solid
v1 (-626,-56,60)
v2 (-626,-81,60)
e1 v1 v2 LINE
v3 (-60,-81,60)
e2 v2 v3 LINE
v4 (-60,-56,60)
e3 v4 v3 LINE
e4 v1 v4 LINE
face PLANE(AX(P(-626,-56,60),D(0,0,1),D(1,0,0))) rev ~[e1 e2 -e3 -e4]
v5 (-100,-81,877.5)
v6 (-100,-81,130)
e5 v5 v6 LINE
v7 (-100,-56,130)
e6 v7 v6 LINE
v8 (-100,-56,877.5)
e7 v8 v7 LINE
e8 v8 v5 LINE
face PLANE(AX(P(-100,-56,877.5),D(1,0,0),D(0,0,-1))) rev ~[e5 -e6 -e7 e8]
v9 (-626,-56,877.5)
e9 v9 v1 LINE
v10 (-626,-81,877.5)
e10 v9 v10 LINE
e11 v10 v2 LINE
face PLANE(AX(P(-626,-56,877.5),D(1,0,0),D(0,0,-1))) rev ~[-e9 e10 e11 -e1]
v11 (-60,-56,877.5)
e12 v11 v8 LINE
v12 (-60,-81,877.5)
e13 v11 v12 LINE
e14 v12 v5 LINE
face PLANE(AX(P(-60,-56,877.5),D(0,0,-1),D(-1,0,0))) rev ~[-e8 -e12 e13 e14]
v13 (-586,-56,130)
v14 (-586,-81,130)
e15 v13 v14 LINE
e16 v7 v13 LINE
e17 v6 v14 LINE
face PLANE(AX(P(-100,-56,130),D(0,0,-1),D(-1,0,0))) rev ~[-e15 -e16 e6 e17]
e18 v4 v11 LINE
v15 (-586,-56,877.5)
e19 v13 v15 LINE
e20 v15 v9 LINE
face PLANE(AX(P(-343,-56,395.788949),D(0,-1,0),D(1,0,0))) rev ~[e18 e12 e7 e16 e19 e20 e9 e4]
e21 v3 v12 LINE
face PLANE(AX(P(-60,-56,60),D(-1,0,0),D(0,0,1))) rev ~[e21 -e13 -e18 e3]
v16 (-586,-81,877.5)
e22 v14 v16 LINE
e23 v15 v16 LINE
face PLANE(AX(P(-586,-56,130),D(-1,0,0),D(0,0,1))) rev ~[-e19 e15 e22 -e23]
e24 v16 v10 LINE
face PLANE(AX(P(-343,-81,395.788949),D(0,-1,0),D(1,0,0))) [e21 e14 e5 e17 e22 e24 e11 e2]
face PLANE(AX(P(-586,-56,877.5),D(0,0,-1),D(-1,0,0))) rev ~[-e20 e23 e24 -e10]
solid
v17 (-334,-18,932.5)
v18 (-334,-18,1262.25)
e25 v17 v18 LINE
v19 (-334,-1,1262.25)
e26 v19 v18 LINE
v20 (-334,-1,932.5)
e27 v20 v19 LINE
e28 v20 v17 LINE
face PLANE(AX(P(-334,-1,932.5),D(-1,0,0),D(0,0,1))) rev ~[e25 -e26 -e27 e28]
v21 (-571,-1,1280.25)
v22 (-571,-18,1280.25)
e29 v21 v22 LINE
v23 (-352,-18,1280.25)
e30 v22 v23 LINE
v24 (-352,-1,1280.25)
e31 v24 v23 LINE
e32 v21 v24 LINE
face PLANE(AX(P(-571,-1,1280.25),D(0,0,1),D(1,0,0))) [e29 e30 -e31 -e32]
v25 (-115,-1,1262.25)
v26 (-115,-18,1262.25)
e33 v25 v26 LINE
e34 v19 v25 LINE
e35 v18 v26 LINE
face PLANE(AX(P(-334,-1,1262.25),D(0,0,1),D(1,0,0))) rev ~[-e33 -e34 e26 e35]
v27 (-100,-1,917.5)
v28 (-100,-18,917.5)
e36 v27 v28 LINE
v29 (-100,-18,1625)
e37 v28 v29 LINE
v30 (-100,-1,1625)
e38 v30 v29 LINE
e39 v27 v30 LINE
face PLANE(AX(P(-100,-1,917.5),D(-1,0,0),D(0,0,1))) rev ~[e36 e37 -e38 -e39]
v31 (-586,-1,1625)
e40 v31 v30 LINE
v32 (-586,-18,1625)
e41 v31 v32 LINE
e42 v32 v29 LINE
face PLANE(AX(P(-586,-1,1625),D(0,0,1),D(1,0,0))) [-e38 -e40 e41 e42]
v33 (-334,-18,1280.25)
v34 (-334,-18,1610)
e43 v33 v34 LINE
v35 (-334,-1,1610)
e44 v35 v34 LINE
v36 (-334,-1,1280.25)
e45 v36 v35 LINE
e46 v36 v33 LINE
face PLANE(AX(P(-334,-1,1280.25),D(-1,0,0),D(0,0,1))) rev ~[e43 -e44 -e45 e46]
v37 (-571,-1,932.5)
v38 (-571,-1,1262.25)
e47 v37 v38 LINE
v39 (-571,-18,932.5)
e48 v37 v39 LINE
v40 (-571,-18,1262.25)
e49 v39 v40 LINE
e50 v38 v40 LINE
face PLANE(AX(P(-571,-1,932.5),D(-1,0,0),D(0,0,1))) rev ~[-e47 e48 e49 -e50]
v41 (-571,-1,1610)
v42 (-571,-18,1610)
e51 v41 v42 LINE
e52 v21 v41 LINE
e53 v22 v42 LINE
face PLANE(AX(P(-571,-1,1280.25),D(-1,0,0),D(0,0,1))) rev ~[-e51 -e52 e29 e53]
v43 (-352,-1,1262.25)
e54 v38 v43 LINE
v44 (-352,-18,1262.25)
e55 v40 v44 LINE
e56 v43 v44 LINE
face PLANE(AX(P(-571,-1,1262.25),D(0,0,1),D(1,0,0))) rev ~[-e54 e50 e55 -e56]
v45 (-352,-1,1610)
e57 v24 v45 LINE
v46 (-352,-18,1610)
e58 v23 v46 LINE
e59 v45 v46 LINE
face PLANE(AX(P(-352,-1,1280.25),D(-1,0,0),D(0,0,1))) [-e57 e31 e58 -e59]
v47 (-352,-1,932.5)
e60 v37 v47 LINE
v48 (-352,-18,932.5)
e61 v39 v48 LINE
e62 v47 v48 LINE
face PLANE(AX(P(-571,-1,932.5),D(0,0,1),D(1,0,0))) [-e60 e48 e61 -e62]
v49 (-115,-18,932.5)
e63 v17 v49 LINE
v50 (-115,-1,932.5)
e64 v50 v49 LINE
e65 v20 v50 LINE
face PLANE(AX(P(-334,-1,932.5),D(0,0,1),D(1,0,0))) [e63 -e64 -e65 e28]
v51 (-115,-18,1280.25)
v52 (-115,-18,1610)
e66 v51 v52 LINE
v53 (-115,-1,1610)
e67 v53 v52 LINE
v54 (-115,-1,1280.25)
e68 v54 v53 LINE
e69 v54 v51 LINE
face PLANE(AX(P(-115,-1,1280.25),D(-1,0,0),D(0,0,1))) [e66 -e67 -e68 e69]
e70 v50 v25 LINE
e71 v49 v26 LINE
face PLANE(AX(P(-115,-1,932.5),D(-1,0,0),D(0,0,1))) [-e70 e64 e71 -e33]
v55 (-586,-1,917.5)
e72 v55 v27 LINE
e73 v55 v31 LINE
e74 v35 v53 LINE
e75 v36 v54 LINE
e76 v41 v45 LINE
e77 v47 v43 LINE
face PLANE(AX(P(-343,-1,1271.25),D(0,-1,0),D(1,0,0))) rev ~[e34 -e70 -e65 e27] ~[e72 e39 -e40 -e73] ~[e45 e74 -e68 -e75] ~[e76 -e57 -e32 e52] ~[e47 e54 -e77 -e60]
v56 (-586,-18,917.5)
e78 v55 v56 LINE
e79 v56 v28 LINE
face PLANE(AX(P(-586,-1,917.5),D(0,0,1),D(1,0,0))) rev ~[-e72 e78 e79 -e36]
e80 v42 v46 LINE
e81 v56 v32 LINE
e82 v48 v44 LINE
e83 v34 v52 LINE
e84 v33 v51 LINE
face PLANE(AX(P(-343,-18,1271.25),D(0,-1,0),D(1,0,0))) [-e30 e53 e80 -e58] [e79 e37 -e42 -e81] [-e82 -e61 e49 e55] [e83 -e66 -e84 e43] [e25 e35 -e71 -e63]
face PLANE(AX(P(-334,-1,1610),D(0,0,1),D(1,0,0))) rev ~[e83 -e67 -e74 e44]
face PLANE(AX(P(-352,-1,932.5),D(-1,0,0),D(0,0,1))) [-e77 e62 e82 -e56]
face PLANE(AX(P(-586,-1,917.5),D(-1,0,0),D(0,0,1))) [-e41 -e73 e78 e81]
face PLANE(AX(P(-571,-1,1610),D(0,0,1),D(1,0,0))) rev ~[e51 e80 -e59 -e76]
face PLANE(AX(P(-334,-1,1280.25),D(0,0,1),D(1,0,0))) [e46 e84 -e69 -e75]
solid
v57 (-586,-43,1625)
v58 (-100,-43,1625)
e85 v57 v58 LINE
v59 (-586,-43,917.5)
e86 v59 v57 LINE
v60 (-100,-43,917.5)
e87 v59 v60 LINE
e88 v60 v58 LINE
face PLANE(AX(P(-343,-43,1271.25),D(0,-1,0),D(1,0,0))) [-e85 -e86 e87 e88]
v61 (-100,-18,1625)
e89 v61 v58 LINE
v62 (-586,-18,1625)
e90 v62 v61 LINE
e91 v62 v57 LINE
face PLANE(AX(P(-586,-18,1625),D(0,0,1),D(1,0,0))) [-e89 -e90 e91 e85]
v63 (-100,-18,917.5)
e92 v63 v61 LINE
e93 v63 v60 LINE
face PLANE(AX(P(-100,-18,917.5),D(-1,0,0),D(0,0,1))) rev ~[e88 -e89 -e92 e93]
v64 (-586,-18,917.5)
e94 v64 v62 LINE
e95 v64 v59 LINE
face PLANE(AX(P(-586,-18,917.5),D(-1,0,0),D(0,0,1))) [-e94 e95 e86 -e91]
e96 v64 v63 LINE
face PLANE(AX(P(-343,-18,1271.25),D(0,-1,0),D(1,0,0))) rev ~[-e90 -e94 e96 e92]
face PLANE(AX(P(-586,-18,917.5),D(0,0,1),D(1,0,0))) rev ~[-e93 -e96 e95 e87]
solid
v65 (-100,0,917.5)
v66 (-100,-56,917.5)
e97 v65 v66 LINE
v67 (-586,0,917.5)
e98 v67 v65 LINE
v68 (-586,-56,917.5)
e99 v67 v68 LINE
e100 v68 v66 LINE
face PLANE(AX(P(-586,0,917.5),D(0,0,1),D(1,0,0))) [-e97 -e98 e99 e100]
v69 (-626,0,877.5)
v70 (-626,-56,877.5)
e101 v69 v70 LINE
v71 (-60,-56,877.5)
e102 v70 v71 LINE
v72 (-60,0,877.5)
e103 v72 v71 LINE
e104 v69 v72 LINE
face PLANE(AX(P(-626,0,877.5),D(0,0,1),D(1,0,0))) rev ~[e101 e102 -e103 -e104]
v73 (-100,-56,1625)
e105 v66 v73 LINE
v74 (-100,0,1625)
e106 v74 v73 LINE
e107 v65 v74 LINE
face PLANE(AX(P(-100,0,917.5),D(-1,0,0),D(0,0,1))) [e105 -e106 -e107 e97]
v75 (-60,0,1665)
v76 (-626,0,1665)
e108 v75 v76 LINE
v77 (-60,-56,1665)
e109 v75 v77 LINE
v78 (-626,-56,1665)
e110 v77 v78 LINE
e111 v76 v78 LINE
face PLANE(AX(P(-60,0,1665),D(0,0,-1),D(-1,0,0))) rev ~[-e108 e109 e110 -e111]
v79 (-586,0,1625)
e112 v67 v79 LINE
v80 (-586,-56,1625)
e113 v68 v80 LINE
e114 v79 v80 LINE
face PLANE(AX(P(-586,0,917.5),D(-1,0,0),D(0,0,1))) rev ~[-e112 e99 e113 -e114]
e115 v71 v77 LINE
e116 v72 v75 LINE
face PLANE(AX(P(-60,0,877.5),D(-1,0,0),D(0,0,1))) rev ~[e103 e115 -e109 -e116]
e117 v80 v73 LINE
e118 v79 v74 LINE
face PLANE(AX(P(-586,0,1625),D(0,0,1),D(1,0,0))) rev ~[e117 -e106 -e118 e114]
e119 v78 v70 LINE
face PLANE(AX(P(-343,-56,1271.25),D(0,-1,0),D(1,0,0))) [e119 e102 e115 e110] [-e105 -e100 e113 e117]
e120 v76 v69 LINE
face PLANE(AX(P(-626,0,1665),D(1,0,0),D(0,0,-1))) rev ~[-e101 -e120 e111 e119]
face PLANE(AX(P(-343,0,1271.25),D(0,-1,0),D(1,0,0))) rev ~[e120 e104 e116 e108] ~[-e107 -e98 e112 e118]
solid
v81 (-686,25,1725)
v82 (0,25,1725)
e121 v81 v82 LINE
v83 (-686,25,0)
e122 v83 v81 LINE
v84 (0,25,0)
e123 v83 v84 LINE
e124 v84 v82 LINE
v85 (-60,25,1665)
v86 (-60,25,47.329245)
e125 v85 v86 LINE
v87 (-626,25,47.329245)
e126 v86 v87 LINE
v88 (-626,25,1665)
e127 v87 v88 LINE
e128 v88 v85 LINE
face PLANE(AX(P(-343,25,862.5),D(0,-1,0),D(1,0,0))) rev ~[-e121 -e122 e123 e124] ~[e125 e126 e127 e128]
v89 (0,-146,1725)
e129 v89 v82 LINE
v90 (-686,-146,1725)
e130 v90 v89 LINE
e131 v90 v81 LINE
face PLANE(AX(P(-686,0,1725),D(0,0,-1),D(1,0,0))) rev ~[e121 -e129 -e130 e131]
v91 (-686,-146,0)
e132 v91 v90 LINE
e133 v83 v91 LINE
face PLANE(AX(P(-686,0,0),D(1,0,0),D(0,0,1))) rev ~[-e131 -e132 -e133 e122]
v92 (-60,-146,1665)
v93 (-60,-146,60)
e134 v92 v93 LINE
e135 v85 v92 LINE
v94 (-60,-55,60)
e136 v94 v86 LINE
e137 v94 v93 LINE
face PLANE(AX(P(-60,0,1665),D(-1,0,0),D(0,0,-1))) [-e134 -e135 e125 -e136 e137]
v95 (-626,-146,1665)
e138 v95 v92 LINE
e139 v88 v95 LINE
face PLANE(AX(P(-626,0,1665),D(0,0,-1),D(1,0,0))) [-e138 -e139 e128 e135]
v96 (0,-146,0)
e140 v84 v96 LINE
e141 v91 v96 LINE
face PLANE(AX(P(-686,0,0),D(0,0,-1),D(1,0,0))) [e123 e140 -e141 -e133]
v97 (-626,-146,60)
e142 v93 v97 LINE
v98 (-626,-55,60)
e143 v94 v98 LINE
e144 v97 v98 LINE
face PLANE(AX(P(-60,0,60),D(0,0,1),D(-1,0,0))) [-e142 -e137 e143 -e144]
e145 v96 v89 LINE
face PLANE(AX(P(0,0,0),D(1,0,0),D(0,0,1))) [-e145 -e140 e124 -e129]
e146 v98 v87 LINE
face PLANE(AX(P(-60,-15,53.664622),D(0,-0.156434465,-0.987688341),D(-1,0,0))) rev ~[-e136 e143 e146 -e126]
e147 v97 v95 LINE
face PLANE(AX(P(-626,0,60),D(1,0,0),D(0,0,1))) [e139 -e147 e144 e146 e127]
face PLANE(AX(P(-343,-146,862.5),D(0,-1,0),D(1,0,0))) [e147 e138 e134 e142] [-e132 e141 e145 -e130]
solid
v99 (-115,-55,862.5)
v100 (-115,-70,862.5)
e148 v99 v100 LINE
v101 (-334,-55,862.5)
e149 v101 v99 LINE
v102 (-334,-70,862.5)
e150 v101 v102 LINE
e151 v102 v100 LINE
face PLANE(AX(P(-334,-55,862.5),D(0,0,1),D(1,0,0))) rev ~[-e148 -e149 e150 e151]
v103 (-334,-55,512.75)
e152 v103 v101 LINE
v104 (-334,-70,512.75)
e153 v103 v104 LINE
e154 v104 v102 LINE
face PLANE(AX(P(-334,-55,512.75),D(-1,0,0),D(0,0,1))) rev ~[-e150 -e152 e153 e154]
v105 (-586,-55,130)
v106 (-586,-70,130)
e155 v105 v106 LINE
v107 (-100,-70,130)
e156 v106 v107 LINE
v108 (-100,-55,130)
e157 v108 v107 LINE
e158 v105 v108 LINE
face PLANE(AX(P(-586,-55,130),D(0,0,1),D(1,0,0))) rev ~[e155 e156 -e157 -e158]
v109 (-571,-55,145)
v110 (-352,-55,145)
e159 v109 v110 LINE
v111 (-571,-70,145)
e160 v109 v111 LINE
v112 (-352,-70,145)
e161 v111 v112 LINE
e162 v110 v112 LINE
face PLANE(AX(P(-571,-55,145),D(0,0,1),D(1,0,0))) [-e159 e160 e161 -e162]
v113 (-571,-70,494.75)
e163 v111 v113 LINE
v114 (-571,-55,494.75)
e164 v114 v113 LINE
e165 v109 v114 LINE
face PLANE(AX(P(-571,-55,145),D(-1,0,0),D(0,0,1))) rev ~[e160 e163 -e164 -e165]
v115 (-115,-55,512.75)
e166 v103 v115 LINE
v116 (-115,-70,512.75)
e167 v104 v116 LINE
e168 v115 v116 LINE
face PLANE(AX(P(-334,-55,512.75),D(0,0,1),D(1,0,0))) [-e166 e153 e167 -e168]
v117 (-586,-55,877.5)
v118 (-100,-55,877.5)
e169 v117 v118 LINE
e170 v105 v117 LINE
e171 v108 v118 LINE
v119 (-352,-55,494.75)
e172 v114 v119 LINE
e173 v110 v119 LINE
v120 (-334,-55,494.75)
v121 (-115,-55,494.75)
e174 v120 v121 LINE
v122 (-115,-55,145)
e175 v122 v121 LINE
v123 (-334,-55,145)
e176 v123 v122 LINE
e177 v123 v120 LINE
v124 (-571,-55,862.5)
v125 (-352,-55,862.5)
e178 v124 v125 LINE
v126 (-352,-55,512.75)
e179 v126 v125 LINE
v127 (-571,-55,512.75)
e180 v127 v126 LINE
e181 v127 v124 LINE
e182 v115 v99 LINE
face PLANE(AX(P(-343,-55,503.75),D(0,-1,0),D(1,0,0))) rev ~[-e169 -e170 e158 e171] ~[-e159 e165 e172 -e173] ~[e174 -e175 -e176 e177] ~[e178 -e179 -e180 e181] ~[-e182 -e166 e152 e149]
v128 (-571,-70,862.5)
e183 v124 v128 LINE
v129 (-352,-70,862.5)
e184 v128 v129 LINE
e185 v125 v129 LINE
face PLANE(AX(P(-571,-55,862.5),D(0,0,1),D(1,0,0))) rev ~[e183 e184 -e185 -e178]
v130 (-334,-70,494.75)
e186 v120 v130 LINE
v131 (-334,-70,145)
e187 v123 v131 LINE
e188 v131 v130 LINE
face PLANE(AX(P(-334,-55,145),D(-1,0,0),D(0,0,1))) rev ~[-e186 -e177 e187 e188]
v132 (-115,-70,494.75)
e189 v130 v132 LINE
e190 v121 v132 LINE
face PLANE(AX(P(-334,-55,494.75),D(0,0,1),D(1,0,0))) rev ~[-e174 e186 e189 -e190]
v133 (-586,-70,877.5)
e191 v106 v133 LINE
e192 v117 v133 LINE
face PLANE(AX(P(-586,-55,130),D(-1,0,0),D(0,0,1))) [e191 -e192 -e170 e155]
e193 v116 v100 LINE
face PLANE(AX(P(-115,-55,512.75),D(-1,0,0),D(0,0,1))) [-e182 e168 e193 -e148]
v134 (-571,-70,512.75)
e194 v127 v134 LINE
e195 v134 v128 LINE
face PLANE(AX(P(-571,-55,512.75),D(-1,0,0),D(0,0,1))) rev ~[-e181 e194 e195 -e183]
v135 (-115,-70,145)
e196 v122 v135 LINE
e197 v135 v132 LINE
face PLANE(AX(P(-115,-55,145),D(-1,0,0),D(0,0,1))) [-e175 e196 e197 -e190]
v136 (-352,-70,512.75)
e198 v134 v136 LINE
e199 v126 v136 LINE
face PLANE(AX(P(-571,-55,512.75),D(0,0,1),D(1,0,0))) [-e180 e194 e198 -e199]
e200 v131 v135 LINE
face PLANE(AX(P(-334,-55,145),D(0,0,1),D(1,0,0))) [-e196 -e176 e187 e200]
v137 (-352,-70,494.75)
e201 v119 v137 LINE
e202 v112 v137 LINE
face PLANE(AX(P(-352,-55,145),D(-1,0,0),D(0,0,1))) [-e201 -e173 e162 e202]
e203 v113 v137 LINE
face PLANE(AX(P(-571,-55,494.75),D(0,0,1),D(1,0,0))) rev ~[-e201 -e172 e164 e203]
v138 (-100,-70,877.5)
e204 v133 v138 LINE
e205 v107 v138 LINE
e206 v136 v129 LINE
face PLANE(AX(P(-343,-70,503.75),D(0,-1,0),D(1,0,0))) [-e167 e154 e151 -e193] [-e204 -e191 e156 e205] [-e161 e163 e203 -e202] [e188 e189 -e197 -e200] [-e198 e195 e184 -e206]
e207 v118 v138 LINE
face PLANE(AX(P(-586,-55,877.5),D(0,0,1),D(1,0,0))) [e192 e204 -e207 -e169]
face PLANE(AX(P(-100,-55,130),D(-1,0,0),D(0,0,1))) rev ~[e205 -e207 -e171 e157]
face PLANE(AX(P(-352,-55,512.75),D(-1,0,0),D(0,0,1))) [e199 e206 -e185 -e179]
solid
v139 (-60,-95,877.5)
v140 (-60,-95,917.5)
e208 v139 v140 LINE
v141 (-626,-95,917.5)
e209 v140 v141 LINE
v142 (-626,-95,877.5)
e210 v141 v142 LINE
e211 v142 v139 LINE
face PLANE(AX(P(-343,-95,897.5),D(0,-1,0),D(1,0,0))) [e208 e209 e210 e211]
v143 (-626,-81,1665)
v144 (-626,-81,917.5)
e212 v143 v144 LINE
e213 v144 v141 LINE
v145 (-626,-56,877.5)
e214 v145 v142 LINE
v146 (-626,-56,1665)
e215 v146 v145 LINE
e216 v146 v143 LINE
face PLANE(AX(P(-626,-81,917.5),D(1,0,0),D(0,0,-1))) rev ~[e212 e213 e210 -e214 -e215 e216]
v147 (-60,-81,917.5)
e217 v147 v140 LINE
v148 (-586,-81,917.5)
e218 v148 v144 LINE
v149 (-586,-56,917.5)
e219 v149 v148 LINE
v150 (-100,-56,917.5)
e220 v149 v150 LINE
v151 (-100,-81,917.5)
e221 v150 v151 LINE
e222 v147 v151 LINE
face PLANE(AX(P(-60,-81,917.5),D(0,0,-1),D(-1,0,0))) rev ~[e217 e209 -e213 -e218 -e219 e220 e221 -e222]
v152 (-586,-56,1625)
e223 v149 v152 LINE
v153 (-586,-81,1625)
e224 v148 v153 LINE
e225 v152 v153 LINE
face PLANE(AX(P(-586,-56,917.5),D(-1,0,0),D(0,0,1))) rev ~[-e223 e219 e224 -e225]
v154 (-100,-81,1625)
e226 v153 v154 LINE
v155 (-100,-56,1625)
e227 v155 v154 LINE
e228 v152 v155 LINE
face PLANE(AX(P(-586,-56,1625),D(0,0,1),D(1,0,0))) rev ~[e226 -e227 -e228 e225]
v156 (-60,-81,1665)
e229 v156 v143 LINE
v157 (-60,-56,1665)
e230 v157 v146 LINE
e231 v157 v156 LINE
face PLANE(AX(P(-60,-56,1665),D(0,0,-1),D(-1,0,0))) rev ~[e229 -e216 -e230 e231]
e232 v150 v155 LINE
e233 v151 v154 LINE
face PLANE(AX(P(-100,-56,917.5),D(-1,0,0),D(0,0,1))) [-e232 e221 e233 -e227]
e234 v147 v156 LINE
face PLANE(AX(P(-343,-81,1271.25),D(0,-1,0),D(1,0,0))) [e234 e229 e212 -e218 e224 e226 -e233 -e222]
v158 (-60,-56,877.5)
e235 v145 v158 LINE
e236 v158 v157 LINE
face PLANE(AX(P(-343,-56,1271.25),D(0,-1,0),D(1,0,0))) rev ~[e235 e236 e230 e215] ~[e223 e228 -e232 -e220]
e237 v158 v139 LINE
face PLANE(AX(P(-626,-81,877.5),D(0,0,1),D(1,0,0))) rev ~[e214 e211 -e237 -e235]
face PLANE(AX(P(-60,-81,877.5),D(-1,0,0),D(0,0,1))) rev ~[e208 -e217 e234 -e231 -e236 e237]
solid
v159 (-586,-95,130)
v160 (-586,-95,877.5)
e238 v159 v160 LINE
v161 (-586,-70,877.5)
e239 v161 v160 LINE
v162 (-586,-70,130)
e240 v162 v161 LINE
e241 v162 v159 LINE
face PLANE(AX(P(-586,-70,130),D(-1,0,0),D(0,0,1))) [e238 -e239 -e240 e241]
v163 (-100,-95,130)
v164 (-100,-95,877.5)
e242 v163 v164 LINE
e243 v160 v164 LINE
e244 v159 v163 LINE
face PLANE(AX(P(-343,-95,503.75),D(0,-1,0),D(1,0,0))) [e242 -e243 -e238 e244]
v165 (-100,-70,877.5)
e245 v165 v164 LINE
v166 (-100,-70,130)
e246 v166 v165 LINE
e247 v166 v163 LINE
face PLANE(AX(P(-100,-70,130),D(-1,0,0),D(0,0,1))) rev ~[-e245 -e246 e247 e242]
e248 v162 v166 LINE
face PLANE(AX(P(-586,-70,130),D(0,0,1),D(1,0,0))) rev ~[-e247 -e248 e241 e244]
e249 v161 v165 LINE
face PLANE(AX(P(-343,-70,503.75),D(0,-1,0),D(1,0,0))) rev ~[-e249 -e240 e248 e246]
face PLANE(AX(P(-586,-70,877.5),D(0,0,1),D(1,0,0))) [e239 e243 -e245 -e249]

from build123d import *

# Parameters (mm, degrees)
F0_W          = 686
F0_H          = 1725
F1_DEPTH      = 146
F1_DEPTH_BACK = 25
F0_W_2        = 486
F0_H_2        = 707.5
F2_DEPTH      = 56
F3_START      = 56
F3_DEPTH      = 25
F4_START      = 1
F0_W_3        = 219
F0_H_3        = 329.75
F4_DEPTH      = 17
F6_START      = 55
F5_W          = 486
F5_H          = 747.5
F5_W_2        = 219
F5_H_2        = 349.75
F6_DEPTH      = 15
F7_SIZE2      = 12.670755226
F7_SIZE       = 80
F8_W          = 486
F8_H          = 747.5
F8_W_2        = 219
F8_H_2        = 349.75
F9_DEPTH      = 25
F10_DEPTH     = 25
F12_DEPTH     = 14
F13_W         = 486
F13_H         = 707.5
F13_W_2       = 219
F13_H_2       = 329.75
F14_DEPTH     = 25


with BuildPart() as f1:
    # F0 (on Front) → F1 (new body, two sides)
    with BuildSketch(Plane.XZ) as f1_sk:
        with Locations((-343, 862.5)):
            Rectangle(F0_W, F0_H)
        Polygon((-626, 1665), (-60, 1665), (-60, 877.5), (-60, 60), (-626, 60), (-626, 877.5), align=None, mode=Mode.SUBTRACT)
    extrude(amount=F1_DEPTH)
    extrude(f1_sk.sketch, amount=-F1_DEPTH_BACK)

    # F7
    f7_edges = [f1.edges().sort_by_distance(p)[0] for p in [
        (-343, 25, 60),
    ]]
    f7_side = f1.faces().sort_by_distance((-343, -60.5, 60))[0]
    chamfer(f7_edges, length=F7_SIZE, length2=F7_SIZE2, reference=f7_side)


with BuildPart() as f2:
    # F0 (on Front) → F2 (new body)
    with BuildSketch(Plane.XZ):
        Polygon((-60, 877.5), (-60, 1665), (-626, 1665), (-626, 877.5), (-586, 877.5), (-100, 877.5), align=None)
        with Locations((-343, 1271.25)):
            Rectangle(F0_W_2, F0_H_2, mode=Mode.SUBTRACT)
    extrude(amount=F2_DEPTH)


with BuildPart() as f3:
    # F0 (on Front) → F3 (new body)
    with BuildSketch(Plane.XZ.offset(F3_START)):
        Polygon((-60, 60), (-60, 877.5), (-100, 877.5), (-100, 130), (-586, 130), (-586, 877.5), (-626, 877.5), (-626, 60), align=None)
    extrude(amount=F3_DEPTH)


with BuildPart() as f4:
    # F0 (on Front) → F4 (new body)
    with BuildSketch(Plane.XZ.offset(F4_START)):
        with Locations((-343, 1271.25)):
            Rectangle(F0_W_2, F0_H_2)
        with Locations((-461.5, 1097.375)):
            Rectangle(F0_W_3, F0_H_3, mode=Mode.SUBTRACT)
        with Locations((-461.5, 1445.125)):
            Rectangle(F0_W_3, F0_H_3, mode=Mode.SUBTRACT)
        with Locations((-224.5, 1097.375)):
            Rectangle(F0_W_3, F0_H_3, mode=Mode.SUBTRACT)
        with Locations((-224.5, 1445.125)):
            Rectangle(F0_W_3, F0_H_3, mode=Mode.SUBTRACT)
    extrude(amount=F4_DEPTH)


with BuildPart() as f6:
    # F5 (on face) → F6 (new body)
    with BuildSketch(Plane.XZ.offset(F6_START)):
        with Locations((-343, 503.75)):
            Rectangle(F5_W, F5_H)
        with Locations((-461.5, 319.875)):
            Rectangle(F5_W_2, F5_H_2, mode=Mode.SUBTRACT)
        with Locations((-224.5, 319.875)):
            Rectangle(F5_W_2, F5_H_2, mode=Mode.SUBTRACT)
        with Locations((-461.5, 687.625)):
            Rectangle(F5_W_2, F5_H_2, mode=Mode.SUBTRACT)
        with Locations((-224.5, 687.625)):
            Rectangle(F5_W_2, F5_H_2, mode=Mode.SUBTRACT)
    extrude(amount=F6_DEPTH)


with BuildPart() as f9:
    # F8 (on face) → F9 (new body)
    with BuildSketch(Plane.XZ.offset(70)):
        with Locations((-343, 503.75)):
            Rectangle(F8_W, F8_H)
        with Locations((-461.5, 319.875)):
            Rectangle(F8_W_2, F8_H_2, mode=Mode.SUBTRACT)
        with Locations((-224.5, 319.875)):
            Rectangle(F8_W_2, F8_H_2, mode=Mode.SUBTRACT)
        with Locations((-461.5, 687.625)):
            Rectangle(F8_W_2, F8_H_2, mode=Mode.SUBTRACT)
        with Locations((-224.5, 687.625)):
            Rectangle(F8_W_2, F8_H_2, mode=Mode.SUBTRACT)
        with Locations((-461.5, 687.625)):
            Rectangle(F8_W_2, F8_H_2)
        with Locations((-224.5, 687.625)):
            Rectangle(F8_W_2, F8_H_2)
        with Locations((-461.5, 319.875)):
            Rectangle(F8_W_2, F8_H_2)
        with Locations((-224.5, 319.875)):
            Rectangle(F8_W_2, F8_H_2)
    extrude(amount=F9_DEPTH)


with BuildPart() as f10:
    # F10 (new): a face of the model
    f10_faces = [f2.part.faces().sort_by_distance(p)[0] for p in [
        (-69.6980010827, -56, 1271.25),
    ]]
    extrude(f10_faces, amount=F10_DEPTH)

    # F11 (on face) → F12 (join, through all)
    with BuildSketch(Plane.XZ.offset(81)):
        Polygon((-100, 917.5), (-586, 917.5), (-626, 917.5), (-626, 877.5), (-60, 877.5), (-60, 917.5), align=None)
    extrude(amount=F12_DEPTH)


with BuildPart() as f14:
    # F13 (on face) → F14 (new body)
    with BuildSketch(Plane.XZ.offset(18)):
        with Locations((-343, 1271.25)):
            Rectangle(F13_W, F13_H)
        with Locations((-461.5, 1097.375)):
            Rectangle(F13_W_2, F13_H_2, mode=Mode.SUBTRACT)
        with Locations((-224.5, 1097.375)):
            Rectangle(F13_W_2, F13_H_2, mode=Mode.SUBTRACT)
        with Locations((-461.5, 1445.125)):
            Rectangle(F13_W_2, F13_H_2, mode=Mode.SUBTRACT)
        with Locations((-224.5, 1445.125)):
            Rectangle(F13_W_2, F13_H_2, mode=Mode.SUBTRACT)
        with Locations((-224.5, 1097.375)):
            Rectangle(F13_W_2, F13_H_2)
        with Locations((-461.5, 1097.375)):
            Rectangle(F13_W_2, F13_H_2)
        with Locations((-461.5, 1445.125)):
            Rectangle(F13_W_2, F13_H_2)
        with Locations((-224.5, 1445.125)):
            Rectangle(F13_W_2, F13_H_2)
    extrude(amount=F14_DEPTH)


solid = Compound([f1.part, f2.part, f3.part, f4.part, f6.part, f9.part, f10.part, f14.part])
